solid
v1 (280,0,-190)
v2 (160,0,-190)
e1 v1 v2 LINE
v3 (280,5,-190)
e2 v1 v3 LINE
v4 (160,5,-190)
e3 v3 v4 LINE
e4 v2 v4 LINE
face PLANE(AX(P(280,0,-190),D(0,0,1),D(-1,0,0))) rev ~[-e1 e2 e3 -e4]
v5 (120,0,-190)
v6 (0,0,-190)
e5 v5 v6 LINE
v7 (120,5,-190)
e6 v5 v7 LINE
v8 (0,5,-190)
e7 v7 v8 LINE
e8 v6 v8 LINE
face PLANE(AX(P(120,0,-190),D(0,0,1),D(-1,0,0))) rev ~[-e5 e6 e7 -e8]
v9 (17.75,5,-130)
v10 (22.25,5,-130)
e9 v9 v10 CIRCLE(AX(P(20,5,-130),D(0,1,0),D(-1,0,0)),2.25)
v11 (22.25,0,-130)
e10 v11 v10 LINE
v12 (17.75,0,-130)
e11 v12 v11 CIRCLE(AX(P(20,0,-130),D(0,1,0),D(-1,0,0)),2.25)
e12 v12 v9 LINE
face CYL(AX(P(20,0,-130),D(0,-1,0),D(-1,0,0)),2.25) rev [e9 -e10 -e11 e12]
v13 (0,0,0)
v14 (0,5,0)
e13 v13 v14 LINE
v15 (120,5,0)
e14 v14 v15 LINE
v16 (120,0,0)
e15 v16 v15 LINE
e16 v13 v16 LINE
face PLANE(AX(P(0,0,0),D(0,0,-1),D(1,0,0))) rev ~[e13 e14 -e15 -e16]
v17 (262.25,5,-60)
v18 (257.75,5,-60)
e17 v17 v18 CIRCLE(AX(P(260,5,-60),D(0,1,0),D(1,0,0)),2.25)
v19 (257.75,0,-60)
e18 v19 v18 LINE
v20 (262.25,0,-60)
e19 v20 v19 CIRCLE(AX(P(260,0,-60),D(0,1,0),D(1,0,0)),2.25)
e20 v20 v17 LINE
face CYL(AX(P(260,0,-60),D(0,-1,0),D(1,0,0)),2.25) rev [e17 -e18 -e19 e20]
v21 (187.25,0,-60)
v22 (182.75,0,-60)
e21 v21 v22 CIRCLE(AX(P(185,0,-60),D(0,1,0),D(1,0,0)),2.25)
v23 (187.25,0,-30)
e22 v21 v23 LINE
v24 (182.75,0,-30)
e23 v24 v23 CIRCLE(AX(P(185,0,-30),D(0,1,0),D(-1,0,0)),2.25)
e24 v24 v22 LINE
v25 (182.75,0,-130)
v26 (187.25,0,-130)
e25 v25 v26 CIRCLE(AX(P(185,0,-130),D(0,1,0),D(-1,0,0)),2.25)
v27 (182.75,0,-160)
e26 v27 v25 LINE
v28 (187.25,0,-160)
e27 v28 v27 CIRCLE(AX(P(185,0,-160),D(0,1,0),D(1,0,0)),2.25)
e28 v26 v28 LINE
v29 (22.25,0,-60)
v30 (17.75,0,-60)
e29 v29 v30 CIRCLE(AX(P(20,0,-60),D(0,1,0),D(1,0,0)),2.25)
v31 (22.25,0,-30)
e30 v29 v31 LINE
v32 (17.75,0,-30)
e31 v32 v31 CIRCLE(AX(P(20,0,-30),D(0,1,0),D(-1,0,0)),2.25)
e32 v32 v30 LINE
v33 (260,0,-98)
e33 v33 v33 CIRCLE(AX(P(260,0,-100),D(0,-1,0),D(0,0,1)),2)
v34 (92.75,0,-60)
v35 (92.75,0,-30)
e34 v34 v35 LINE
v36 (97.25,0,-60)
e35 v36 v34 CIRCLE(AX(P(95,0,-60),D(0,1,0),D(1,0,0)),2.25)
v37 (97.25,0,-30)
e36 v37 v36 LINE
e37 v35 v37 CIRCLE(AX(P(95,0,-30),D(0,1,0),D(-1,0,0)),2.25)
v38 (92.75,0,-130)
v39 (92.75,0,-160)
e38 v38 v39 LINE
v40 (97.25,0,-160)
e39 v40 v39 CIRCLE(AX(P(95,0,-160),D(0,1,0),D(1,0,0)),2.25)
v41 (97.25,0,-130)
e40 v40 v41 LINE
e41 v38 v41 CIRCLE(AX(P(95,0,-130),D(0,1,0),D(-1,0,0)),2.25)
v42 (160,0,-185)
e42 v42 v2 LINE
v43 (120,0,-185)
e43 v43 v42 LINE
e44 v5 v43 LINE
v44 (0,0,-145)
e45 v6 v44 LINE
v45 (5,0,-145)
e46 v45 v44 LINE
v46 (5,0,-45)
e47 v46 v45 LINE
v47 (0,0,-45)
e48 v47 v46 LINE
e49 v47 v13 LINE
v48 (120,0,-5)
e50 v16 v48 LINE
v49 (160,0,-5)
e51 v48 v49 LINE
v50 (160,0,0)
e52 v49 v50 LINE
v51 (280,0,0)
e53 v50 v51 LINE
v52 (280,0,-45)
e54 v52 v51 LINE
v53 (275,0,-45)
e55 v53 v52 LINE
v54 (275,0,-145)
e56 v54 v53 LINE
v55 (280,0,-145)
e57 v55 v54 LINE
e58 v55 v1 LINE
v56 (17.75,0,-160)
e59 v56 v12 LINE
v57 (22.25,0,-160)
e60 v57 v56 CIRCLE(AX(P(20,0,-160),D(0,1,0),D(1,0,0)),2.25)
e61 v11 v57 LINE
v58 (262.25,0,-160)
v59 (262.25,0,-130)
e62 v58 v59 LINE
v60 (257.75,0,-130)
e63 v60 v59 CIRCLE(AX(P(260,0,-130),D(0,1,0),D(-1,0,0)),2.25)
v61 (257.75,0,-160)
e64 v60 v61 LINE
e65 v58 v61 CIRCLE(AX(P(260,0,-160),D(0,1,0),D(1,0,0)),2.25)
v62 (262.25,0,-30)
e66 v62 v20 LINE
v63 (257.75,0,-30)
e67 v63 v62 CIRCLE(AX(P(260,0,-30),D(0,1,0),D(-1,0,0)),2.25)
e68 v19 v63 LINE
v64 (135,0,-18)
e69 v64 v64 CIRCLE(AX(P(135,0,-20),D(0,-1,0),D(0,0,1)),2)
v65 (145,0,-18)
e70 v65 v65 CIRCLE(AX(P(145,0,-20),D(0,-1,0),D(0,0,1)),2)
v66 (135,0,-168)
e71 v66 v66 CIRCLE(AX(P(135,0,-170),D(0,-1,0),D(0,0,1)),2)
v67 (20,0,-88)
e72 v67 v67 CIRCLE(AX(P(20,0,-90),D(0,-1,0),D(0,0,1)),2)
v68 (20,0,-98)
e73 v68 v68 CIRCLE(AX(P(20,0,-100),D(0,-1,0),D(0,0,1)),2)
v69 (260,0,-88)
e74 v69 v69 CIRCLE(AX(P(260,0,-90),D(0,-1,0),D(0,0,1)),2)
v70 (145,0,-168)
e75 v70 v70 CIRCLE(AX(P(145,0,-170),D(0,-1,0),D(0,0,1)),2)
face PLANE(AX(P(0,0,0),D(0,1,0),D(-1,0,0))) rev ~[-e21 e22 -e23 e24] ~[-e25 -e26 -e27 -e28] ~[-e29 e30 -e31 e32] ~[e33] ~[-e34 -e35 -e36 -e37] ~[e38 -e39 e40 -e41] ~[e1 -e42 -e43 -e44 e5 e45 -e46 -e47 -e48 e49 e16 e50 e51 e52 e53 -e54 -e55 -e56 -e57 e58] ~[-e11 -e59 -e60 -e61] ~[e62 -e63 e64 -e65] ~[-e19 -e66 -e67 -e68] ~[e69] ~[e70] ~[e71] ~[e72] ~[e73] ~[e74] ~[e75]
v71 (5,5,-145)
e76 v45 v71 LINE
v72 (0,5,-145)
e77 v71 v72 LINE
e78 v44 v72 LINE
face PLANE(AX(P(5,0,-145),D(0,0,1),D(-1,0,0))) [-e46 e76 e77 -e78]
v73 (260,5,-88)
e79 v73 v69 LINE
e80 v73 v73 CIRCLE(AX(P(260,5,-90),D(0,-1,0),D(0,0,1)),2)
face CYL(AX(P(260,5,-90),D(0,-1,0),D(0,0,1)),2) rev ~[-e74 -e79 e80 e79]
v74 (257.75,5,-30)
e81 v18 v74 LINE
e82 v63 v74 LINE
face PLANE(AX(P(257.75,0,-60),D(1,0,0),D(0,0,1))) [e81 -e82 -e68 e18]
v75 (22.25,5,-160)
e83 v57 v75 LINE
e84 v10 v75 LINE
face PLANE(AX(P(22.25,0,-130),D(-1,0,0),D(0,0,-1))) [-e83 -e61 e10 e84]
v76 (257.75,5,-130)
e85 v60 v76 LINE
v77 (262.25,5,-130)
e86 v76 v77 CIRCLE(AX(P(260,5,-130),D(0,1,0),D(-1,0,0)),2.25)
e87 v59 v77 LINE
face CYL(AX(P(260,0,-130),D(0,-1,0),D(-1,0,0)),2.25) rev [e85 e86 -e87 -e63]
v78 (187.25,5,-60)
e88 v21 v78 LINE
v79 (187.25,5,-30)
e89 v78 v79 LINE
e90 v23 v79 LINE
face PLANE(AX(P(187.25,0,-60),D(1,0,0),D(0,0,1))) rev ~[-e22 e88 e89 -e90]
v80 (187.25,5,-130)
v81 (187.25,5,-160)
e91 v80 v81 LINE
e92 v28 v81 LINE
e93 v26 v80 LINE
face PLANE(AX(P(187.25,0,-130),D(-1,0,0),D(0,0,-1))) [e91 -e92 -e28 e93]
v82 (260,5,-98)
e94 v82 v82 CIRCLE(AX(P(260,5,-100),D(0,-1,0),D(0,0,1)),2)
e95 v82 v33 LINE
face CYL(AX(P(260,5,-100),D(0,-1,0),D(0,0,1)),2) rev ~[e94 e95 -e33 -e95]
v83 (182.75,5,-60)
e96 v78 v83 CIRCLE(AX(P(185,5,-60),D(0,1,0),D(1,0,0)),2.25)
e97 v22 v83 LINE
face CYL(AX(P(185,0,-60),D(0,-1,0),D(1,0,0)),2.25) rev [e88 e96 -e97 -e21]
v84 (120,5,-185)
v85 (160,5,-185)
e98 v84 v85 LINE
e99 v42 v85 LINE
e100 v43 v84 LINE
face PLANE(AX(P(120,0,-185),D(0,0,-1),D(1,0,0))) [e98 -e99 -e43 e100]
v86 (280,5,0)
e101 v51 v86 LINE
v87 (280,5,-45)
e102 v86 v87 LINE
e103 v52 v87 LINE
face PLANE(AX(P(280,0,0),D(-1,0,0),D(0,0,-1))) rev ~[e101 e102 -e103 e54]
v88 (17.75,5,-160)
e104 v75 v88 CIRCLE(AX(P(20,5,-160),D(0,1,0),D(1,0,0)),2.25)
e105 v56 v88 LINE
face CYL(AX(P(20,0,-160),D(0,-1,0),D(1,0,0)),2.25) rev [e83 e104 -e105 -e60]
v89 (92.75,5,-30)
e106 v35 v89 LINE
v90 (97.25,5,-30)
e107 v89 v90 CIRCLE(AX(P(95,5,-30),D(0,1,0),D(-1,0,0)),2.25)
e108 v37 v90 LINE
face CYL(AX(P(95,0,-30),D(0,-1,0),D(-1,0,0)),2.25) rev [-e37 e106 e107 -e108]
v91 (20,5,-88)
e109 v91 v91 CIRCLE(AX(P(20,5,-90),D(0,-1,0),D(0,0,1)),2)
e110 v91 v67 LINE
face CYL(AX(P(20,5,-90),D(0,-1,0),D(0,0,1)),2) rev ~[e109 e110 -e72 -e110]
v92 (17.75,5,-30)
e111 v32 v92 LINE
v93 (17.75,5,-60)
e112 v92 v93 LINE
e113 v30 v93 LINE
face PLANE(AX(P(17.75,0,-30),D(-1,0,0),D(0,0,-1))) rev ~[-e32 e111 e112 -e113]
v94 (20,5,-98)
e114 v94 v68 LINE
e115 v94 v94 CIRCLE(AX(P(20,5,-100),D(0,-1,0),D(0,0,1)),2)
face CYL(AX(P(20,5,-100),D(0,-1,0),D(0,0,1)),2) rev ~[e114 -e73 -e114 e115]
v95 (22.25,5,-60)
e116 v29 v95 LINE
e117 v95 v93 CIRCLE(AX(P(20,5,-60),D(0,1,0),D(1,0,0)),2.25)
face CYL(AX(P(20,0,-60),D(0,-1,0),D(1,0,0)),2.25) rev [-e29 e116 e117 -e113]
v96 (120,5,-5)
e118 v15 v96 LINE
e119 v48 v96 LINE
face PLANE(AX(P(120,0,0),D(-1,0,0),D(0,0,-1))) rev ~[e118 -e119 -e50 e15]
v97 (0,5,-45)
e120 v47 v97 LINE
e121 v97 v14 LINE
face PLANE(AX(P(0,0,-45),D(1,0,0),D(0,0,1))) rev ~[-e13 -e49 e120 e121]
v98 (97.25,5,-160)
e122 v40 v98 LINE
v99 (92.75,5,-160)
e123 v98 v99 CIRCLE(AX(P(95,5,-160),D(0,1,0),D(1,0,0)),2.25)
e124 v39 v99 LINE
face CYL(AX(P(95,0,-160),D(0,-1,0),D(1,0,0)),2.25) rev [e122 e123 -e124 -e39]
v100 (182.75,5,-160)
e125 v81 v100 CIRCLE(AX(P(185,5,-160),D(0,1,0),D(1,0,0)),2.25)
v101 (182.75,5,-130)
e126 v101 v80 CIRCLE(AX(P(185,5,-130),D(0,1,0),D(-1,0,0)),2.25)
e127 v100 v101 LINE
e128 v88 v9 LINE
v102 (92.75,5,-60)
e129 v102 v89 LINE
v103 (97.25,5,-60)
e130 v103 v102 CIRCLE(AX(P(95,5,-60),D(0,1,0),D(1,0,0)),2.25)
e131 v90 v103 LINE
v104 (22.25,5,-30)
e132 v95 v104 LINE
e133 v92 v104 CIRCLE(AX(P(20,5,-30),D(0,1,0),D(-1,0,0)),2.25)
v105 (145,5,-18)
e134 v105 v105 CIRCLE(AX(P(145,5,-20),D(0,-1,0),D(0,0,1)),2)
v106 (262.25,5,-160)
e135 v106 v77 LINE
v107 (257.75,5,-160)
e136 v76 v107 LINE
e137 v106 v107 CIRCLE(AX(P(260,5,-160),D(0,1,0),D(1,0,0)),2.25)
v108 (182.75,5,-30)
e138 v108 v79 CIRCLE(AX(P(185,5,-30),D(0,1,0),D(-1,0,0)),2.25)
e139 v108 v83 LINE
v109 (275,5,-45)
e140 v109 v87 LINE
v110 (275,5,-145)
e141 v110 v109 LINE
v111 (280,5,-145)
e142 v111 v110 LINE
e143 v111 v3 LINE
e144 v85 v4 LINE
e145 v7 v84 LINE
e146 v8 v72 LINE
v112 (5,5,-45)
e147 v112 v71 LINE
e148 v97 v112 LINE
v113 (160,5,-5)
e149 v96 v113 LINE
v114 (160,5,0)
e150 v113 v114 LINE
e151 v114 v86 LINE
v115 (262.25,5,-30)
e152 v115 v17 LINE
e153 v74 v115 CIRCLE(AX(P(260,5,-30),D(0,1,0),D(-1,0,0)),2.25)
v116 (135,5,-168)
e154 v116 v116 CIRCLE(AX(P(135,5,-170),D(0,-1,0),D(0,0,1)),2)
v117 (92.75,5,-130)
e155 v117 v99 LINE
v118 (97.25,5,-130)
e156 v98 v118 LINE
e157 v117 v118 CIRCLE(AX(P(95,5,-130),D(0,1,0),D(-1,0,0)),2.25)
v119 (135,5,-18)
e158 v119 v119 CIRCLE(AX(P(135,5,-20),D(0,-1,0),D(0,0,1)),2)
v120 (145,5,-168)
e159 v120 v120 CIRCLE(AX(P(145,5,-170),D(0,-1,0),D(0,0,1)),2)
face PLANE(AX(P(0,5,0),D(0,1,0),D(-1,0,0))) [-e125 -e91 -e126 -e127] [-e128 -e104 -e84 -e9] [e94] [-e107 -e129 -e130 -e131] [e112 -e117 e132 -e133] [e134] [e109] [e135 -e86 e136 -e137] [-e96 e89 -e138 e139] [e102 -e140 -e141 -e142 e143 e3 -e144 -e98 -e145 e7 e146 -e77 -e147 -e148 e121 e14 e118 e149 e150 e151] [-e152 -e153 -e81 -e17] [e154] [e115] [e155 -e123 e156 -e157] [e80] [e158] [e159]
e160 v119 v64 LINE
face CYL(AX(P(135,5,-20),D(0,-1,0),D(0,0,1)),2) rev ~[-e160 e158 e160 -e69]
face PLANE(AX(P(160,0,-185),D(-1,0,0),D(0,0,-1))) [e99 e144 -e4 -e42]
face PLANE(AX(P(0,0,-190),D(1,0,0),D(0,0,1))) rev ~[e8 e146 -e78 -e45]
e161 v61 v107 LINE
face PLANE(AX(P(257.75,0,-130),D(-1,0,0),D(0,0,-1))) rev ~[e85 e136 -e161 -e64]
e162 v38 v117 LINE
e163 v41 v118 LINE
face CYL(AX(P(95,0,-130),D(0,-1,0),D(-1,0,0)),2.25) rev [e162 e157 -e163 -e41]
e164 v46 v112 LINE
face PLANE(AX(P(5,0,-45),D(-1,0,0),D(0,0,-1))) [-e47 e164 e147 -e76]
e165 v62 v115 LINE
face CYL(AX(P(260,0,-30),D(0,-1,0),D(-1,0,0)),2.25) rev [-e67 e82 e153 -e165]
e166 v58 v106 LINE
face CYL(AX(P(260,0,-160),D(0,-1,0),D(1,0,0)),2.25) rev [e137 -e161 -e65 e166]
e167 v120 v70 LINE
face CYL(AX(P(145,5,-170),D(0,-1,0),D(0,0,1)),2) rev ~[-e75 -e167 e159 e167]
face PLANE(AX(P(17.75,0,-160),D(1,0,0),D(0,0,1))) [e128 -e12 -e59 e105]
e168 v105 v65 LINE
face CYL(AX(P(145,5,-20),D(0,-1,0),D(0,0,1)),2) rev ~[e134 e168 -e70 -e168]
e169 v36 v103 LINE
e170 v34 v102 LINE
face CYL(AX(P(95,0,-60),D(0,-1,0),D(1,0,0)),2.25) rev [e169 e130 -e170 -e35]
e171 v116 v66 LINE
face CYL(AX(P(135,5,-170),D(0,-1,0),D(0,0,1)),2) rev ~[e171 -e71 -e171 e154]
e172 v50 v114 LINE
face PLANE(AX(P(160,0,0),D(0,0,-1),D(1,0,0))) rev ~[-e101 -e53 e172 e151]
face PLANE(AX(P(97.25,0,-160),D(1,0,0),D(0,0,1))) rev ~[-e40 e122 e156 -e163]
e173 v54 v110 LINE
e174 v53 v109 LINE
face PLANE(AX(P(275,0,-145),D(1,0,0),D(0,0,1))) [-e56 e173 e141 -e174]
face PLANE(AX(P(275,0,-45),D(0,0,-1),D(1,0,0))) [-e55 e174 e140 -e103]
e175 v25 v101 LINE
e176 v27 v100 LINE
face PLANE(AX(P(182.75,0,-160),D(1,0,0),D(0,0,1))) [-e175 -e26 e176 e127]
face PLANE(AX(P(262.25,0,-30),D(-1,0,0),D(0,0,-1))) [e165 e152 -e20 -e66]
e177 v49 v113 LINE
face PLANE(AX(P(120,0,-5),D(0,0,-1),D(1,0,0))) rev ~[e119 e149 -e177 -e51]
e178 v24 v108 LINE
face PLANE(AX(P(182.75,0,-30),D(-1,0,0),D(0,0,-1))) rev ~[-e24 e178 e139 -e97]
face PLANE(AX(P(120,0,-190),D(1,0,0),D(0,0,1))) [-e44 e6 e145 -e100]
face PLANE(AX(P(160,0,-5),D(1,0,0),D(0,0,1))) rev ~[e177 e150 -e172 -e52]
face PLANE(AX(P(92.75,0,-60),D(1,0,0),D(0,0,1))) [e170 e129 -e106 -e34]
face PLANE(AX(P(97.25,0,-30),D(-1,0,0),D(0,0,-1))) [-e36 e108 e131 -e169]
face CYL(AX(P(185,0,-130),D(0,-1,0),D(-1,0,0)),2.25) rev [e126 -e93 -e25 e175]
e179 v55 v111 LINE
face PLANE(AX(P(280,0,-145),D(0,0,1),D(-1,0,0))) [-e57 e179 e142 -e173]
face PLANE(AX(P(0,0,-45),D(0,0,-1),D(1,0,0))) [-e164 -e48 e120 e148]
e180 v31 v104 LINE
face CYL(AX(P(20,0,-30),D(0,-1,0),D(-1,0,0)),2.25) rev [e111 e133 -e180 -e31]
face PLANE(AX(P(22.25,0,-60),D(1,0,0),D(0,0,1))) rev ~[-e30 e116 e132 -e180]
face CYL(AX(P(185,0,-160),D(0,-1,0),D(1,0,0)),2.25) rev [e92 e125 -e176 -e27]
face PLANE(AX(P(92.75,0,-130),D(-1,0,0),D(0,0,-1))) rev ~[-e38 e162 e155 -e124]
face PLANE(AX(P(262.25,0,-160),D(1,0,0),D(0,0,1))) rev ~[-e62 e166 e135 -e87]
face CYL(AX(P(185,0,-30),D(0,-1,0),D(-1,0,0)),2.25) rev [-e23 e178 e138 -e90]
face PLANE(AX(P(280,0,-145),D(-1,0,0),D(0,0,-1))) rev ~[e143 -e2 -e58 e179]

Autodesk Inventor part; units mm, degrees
ref_plane "YZ Plane" through (0, 0, 0) normal (1, 0, 0) x (0, 1, 0)
ref_plane "XZ Plane" through (0, 0, 0) normal (0, 1, 0) x (-1, 0, 0)
ref_plane "XY Plane" through (0, 0, 0) normal (0, 0, 1) x (1, 0, 0)
sketch "Sketch1" plane through (0, 0, 0) normal (0, 1, 0) x (-1, 0, 0)
  line L0 (0, 0) -> (-280, 0)
  line L1 (-280, 0) -> (-280, -190)
  line L2 (-280, -190) -> (0, -190)
  line L3 (5, -95) -> (-280, -95) construction
  line L4 (-140, 0) -> (-140, -190) construction
  line L5 (-57.5, 0) -> (-57.5, -190) construction
  line L6 (-203, 0) -> (-203, -190) construction
  line L7 (-20, -160) -> (-20, -130) construction
  line L8 (-20, -160) -> (-20, -130) construction
  line L9 (-17.75, -160) -> (-17.75, -130)
  line L10 (-22.25, -130) -> (-22.25, -160)
  arc A0 (-22.25, -160) -> (-17.75, -160) centre (-20, -160) ccw
  arc A1 (-17.75, -130) -> (-22.25, -130) centre (-20, -130) ccw
  line L11 (-95, -160) -> (-95, -130) construction
  line L12 (-95, -160) -> (-95, -130) construction
  line L13 (-97.25, -160) -> (-97.25, -130)
  line L14 (-92.75, -130) -> (-92.75, -160)
  arc A2 (-97.25, -160) -> (-92.75, -160) centre (-95, -160) ccw
  arc A3 (-92.75, -130) -> (-97.25, -130) centre (-95, -130) ccw
  line L15 (-160, -190) -> (-120, -190)
  line L16 (-120, -190) -> (-120, -185)
  line L17 (-120, -185) -> (-160, -185)
  line L18 (-160, -185) -> (-160, -190)
  line L19 (-260, -160) -> (-260, -130) construction
  line L20 (-260, -160) -> (-260, -130) construction
  line L21 (-262.25, -160) -> (-262.25, -130)
  line L22 (-257.75, -130) -> (-257.75, -160)
  arc A4 (-262.25, -160) -> (-257.75, -160) centre (-260, -160) ccw
  arc A5 (-257.75, -130) -> (-262.25, -130) centre (-260, -130) ccw
  line L23 (-187.25, -130) -> (-187.25, -160)
  line L24 (-185, -160) -> (-185, -130) construction
  line L25 (-182.75, -160) -> (-182.75, -130)
  arc A6 (-187.25, -160) -> (-182.75, -160) centre (-185, -160) ccw
  line L26 (-185, -160) -> (-185, -130) construction
  arc A7 (-182.75, -130) -> (-187.25, -130) centre (-185, -130) ccw
  line L27 (-140, -190) -> (-140, 0) construction
  line L28 (-20, -30) -> (-20, -60) construction
  line L29 (-20, -30) -> (-20, -60) construction
  line L30 (-17.75, -30) -> (-17.75, -60)
  line L31 (-22.25, -60) -> (-22.25, -30)
  arc A8 (-17.75, -30) -> (-22.25, -30) centre (-20, -30) ccw
  arc A9 (-22.25, -60) -> (-17.75, -60) centre (-20, -60) ccw
  line L32 (-92.75, -60) -> (-92.75, -30)
  line L33 (-95, -30) -> (-95, -60) construction
  line L34 (-97.25, -30) -> (-97.25, -60)
  arc A10 (-92.75, -30) -> (-97.25, -30) centre (-95, -30) ccw
  line L35 (-95, -30) -> (-95, -60) construction
  arc A11 (-97.25, -60) -> (-92.75, -60) centre (-95, -60) ccw
  line L36 (-160, 0) -> (-120, 0)
  line L37 (-120, 0) -> (-120, -5)
  line L38 (-120, -5) -> (-160, -5)
  line L39 (-160, -5) -> (-160, 0)
  arc A12 (-257.75, -30) -> (-262.25, -30) centre (-260, -30) ccw
  line L40 (-257.75, -60) -> (-257.75, -30)
  line L41 (-260, -30) -> (-260, -60) construction
  line L42 (-260, -30) -> (-260, -60) construction
  arc A13 (-262.25, -60) -> (-257.75, -60) centre (-260, -60) ccw
  line L43 (-262.25, -30) -> (-262.25, -60)
  line L44 (-187.25, -60) -> (-187.25, -30)
  line L45 (-185, -30) -> (-185, -60) construction
  line L46 (-185, -30) -> (-185, -60) construction
  arc A14 (-187.25, -60) -> (-182.75, -60) centre (-185, -60) ccw
  line L47 (-182.75, -30) -> (-182.75, -60)
  arc A15 (-182.75, -30) -> (-187.25, -30) centre (-185, -30) ccw
  line L48 (-280, -42.5) -> (-280, -92.5)
  line L49 (-280, -92.5) -> (-280, -145)
  line L50 (-280, -145) -> (-275, -145)
  line L51 (-275, -145) -> (-275, -45)
  line L52 (-275, -45) -> (-280, -45)
  line L53 (-280, -45) -> (-280, -42.5)
  line L54 (5, -45) -> (-5, -45)
  line L55 (-5, -45) -> (-5, -145)
  line L56 (-5, -145) -> (5, -145)
  line L57 (0, -190) -> (0, 0)
  point P0 (-20, -145)
  point P1 (-95, -145)
  point P2 (-260, -145)
  point P3 (-185, -145)
  point P4 (-20, -45)
  point P5 (-95, -45)
  point P6 (-260, -45)
  point P7 (-185, -45)
  point P8 (-95, -145)
  point P9 (-20, -145)
  point P10 (-280, -45)
  point P11 (-160, -190)
  point P12 (-120, -190)
  point P13 (-120, 0)
  point P14 (-160, 0)
  point P15 (-260, -145)
  point P16 (0, -45)
  point P17 (0, -145)
  dimension "d2" = 30
  dimension "d4" = 30
  dimension "d6" = 2.25
  dimension "d9" = 40
  dimension "d13" = 0
  dimension "d14" = 5
  dimension "d16" = 20
  dimension "d21" = 10
  dimension "d22" = 5
  dimension "d26" = 50
  dimension "d27" = 50
  dimension "d28" = 0
  dimension "d30" = 190
  dimension "d32" = 75
  dimension "d34" = 100
  dimension "d36" = 50
  dimension "d56" = 20
  dimension "d57" = 280
extrude "Extrusion1" add sketch "Sketch1" along normal blind 5 contours L57 L54 L55 L56 L2 L16 L17 L18 L1 L50 L51 L52 L0 L39 L38 L37
sketch "Sketch2" plane through (0, 5, 0) normal (0, 1, 0) x (1, 0, 0)
  line L0 (160, 185) -> (120, 185) projected
  line L1 (120, 185) -> (120, 190) projected
  line L2 (160, 5) -> (160, 0) projected
  line L3 (160, 0) -> (280, 0) projected
  line L4 (5, 145) -> (5, 45) projected
  point P0 (0, 0)
  point P1 (135, 20)
  point P2 (145, 20)
  point P3 (135, 170)
  point P4 (145, 170)
  point P5 (20, 90)
  point P6 (20, 100)
  dimension "d44" = 10
  dimension "d45" = 10
  dimension "d46" = 10
  dimension "d47" = 15
  dimension "d48" = 15
  dimension "d49" = 15
  dimension "d50" = 15
  dimension "d51" = 20
  dimension "d52" = 20
  dimension "d53" = 15
  dimension "d54" = 15
  dimension "d55" = 45
hole "Hole1" at (135, 5, -20) at (145, 5, -20) at (135, 5, -170) at (145, 5, -170) at (20, 5, -90) at (20, 5, -100) direction (0, -1, 0) diameter 4 end through all
sketch "Sketch3" plane through (0, 5, 0) normal (0, 1, 0) x (1, 0, 0)
  line L0 (275, 145) -> (280, 145) projected
  line L1 (275, 45) -> (275, 145) projected
  point P0 (0, 0)
  point P1 (260, 90)
  point P2 (260, 100)
  dimension "d65" = 45
  dimension "d66" = 10
  dimension "d67" = 15
  dimension "d68" = 15
hole "Hole2" at (260, 5, -90) at (260, 5, -100) direction (0, -1, 0) diameter 4 end through all
properties part number "base_2"
